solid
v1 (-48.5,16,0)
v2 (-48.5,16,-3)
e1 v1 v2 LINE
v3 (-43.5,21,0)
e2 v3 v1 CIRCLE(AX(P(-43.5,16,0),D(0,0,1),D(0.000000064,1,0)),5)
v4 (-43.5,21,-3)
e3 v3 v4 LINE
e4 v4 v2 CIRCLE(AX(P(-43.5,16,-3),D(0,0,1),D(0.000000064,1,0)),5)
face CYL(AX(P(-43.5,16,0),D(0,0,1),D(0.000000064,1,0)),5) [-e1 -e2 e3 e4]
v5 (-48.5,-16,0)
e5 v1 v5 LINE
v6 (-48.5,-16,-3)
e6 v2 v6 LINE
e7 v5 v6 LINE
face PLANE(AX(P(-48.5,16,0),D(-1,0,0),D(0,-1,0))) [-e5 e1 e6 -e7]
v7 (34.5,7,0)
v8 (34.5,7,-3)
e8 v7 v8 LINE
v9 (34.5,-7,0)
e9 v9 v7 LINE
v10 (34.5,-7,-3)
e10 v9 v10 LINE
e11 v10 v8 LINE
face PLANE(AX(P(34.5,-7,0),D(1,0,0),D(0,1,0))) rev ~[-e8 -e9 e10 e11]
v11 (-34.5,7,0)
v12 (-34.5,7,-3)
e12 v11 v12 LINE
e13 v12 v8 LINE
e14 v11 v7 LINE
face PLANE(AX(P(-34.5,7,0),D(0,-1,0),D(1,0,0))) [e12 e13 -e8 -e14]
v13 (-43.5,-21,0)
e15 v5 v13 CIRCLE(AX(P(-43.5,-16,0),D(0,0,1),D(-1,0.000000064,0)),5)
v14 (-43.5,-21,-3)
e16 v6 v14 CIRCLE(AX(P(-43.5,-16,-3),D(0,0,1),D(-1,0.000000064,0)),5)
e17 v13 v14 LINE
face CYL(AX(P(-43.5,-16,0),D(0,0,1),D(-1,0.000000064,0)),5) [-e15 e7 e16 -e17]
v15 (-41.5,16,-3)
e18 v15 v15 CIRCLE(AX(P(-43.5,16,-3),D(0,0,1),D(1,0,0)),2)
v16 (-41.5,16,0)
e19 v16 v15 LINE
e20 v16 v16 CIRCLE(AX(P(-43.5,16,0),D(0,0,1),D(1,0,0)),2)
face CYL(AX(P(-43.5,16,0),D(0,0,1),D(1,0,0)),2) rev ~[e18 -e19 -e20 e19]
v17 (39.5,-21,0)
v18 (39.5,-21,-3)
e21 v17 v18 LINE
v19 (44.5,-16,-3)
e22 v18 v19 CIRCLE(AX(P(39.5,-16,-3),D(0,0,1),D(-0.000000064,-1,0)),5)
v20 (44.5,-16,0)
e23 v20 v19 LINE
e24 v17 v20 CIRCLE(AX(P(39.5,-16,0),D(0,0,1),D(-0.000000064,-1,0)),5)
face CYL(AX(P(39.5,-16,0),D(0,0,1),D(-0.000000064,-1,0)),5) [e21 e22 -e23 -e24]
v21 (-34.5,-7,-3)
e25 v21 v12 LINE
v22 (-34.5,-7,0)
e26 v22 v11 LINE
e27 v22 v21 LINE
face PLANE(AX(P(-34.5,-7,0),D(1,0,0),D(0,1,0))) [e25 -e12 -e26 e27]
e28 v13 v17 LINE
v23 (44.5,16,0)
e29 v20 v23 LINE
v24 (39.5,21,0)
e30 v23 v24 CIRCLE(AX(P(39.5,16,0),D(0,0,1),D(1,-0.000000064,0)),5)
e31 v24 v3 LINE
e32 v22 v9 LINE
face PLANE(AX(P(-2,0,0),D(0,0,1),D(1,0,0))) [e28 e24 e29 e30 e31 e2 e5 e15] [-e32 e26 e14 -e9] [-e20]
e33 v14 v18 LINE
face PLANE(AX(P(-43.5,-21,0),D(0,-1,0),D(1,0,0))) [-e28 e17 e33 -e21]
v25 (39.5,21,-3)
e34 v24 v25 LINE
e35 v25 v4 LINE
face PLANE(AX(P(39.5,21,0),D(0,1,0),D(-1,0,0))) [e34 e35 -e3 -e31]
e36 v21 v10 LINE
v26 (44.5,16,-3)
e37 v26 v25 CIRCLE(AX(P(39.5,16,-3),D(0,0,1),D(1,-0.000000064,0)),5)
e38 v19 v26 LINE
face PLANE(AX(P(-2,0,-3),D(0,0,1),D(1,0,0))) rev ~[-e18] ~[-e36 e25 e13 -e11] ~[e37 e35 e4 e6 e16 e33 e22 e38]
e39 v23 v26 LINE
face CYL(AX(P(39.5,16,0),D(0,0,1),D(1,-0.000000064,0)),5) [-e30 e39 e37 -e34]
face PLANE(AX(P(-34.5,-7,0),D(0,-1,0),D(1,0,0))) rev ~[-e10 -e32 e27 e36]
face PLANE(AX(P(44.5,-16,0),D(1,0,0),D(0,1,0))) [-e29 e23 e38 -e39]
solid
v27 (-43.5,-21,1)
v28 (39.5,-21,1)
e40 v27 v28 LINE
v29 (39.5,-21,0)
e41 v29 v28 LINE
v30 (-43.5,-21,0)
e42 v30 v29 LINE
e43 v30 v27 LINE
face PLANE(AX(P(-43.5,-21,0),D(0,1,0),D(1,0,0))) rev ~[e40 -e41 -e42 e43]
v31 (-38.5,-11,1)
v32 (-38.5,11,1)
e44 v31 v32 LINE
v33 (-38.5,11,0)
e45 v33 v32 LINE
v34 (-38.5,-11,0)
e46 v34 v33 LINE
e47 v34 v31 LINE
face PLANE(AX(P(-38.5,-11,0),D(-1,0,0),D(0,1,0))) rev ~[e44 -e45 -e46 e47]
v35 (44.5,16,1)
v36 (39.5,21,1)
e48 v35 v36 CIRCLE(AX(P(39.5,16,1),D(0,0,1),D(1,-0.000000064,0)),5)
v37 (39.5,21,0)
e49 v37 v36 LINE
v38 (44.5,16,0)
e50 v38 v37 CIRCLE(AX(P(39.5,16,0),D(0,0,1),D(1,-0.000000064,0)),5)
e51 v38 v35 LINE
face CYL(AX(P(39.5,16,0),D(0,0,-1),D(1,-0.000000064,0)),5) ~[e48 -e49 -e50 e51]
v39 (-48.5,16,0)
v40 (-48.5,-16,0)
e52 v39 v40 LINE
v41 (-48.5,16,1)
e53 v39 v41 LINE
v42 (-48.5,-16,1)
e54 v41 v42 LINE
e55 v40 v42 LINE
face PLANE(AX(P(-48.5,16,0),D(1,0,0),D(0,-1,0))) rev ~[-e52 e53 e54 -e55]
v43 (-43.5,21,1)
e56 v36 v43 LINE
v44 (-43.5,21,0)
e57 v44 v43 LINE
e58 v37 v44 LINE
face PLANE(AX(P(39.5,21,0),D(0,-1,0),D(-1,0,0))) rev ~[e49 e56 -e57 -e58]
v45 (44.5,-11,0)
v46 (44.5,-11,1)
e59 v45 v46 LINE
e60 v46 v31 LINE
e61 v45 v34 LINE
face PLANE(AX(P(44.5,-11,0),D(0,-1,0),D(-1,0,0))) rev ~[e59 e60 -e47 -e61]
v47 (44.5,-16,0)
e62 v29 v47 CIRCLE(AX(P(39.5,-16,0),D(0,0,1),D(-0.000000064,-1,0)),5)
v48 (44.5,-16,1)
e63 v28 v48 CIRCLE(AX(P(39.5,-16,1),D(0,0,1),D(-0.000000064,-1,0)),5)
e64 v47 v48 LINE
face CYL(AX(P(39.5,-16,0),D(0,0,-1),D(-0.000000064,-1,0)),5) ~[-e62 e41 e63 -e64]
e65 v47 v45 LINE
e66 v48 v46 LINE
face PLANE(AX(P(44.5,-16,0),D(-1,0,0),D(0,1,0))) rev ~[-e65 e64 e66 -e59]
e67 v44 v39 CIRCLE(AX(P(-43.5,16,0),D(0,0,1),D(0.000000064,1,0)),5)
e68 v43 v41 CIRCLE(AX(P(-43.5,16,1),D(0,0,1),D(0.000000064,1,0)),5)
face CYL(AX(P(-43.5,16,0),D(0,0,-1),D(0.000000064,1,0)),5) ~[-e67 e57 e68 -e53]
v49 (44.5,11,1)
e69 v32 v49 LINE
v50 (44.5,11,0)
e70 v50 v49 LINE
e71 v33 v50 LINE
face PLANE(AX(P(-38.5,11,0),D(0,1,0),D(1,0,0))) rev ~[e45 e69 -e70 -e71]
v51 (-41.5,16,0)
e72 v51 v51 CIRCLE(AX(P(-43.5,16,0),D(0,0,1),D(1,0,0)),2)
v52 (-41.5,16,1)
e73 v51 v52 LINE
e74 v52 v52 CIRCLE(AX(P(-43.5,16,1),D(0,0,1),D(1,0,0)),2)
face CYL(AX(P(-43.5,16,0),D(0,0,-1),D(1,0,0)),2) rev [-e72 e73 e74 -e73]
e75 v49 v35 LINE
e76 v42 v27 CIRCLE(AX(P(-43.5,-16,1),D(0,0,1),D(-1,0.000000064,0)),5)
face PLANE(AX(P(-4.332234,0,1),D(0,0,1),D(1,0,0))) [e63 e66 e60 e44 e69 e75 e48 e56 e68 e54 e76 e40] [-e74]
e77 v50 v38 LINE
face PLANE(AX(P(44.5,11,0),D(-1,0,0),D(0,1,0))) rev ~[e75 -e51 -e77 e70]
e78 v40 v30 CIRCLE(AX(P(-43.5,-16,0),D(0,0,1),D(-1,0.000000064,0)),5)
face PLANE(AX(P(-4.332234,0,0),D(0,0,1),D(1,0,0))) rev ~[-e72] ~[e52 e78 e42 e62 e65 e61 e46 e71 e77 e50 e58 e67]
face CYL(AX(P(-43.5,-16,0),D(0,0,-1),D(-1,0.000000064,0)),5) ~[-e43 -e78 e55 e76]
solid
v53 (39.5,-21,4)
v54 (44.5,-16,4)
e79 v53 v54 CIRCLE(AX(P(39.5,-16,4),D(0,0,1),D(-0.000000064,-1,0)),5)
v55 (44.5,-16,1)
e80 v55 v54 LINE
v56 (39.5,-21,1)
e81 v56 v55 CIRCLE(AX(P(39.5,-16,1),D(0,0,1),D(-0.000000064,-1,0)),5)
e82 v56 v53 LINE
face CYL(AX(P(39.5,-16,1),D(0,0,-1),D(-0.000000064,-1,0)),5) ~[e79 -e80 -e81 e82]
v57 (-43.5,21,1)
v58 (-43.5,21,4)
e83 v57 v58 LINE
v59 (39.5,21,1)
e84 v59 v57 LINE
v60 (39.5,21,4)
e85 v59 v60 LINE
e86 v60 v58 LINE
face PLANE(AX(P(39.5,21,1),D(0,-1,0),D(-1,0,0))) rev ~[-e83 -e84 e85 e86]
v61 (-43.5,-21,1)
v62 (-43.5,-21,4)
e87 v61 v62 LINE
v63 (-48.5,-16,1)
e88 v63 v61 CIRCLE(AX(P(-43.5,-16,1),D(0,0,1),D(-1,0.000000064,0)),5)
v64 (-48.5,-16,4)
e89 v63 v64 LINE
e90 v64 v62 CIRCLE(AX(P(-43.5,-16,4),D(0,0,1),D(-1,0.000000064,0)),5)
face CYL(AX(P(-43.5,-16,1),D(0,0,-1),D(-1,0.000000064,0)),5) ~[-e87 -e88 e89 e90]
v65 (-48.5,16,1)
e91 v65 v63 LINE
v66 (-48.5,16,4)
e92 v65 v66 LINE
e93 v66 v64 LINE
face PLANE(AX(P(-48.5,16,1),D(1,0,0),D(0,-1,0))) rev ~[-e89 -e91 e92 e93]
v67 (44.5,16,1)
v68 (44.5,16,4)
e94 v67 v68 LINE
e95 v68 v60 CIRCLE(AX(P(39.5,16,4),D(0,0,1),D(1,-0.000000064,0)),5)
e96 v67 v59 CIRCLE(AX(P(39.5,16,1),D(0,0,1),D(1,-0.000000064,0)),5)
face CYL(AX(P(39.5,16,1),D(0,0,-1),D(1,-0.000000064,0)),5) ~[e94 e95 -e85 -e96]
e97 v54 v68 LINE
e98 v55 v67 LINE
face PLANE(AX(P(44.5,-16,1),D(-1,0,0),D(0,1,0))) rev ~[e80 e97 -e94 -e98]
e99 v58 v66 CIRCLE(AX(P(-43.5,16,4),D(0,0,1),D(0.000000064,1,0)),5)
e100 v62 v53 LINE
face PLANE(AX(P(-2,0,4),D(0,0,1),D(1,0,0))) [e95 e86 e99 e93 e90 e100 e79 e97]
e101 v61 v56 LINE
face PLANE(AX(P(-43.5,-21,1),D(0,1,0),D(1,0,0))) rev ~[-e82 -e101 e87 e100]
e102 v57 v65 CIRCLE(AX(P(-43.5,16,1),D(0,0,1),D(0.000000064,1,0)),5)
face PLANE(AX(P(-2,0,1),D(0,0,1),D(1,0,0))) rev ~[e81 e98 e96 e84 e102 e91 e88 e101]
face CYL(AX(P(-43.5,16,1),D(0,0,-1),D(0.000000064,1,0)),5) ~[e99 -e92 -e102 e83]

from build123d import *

# Parameters (mm, degrees)
F0_R     = 2
F0_W     = 69
F0_H     = 14
F1_DEPTH = 3
F2_R     = 2
F3_DEPTH = 1
F5_DEPTH = 3


with BuildPart() as f1:
    # F0 (on Top) → F1 (new body)
    with BuildSketch(Plane.XY):
        with BuildLine():
            Line((39.5, 21), (-43.5, 21))
            ThreePointArc((-43.5, 21), (-47.035534, 19.535534), (-48.5, 16))
            Line((-48.5, 16), (-48.5, -16))
            ThreePointArc((-48.5, -16), (-47.035534, -19.535534), (-43.5, -21))
            Line((-43.5, -21), (39.5, -21))
            ThreePointArc((39.5, -21), (43.035534, -19.535534), (44.5, -16))
            Line((44.5, -16), (44.5, 16))
            ThreePointArc((44.5, 16), (43.035534, 19.535534), (39.5, 21))
        make_face()
        with Locations((-43.5, 16)):
            Circle(F0_R, mode=Mode.SUBTRACT)
        Rectangle(F0_W, F0_H, mode=Mode.SUBTRACT)
    extrude(amount=-F1_DEPTH)


with BuildPart() as f3:
    # F2 (on face) → F3 (new body)
    with BuildSketch(Plane.XY):
        with BuildLine():
            Line((-38.5, 11), (44.5, 11))
            Line((44.5, 11), (44.5, 16))
            ThreePointArc((44.5, 16), (43.035534, 19.535534), (39.5, 21))
            Line((39.5, 21), (-43.5, 21))
            ThreePointArc((-43.5, 21), (-47.035534, 19.535534), (-48.5, 16))
            Line((-48.5, 16), (-48.5, -16))
            ThreePointArc((-48.5, -16), (-47.035534, -19.535534), (-43.5, -21))
            Line((-43.5, -21), (39.5, -21))
            ThreePointArc((39.5, -21), (43.035534, -19.535534), (44.5, -16))
            Line((44.5, -16), (44.5, -11))
            Line((44.5, -11), (-38.5, -11))
            Line((-38.5, -11), (-38.5, 11))
        make_face()
        with Locations((-43.5, 16)):
            Circle(F2_R, mode=Mode.SUBTRACT)
    extrude(amount=F3_DEPTH)


with BuildPart() as f5:
    # F4 (on face) → F5 (new body)
    with BuildSketch(Plane.XY.offset(1)):
        with BuildLine():
            Line((44.5, -16), (44.5, 16))
            ThreePointArc((44.5, 16), (43.035534, 19.535534), (39.5, 21))
            Line((39.5, 21), (-43.5, 21))
            ThreePointArc((-43.5, 21), (-47.035534, 19.535534), (-48.5, 16))
            Line((-48.5, 16), (-48.5, -16))
            ThreePointArc((-48.5, -16), (-47.035534, -19.535534), (-43.5, -21))
            Line((-43.5, -21), (39.5, -21))
            ThreePointArc((39.5, -21), (43.035534, -19.535534), (44.5, -16))
        make_face()
    extrude(amount=F5_DEPTH)


solid = Compound([f1.part, f3.part, f5.part])
